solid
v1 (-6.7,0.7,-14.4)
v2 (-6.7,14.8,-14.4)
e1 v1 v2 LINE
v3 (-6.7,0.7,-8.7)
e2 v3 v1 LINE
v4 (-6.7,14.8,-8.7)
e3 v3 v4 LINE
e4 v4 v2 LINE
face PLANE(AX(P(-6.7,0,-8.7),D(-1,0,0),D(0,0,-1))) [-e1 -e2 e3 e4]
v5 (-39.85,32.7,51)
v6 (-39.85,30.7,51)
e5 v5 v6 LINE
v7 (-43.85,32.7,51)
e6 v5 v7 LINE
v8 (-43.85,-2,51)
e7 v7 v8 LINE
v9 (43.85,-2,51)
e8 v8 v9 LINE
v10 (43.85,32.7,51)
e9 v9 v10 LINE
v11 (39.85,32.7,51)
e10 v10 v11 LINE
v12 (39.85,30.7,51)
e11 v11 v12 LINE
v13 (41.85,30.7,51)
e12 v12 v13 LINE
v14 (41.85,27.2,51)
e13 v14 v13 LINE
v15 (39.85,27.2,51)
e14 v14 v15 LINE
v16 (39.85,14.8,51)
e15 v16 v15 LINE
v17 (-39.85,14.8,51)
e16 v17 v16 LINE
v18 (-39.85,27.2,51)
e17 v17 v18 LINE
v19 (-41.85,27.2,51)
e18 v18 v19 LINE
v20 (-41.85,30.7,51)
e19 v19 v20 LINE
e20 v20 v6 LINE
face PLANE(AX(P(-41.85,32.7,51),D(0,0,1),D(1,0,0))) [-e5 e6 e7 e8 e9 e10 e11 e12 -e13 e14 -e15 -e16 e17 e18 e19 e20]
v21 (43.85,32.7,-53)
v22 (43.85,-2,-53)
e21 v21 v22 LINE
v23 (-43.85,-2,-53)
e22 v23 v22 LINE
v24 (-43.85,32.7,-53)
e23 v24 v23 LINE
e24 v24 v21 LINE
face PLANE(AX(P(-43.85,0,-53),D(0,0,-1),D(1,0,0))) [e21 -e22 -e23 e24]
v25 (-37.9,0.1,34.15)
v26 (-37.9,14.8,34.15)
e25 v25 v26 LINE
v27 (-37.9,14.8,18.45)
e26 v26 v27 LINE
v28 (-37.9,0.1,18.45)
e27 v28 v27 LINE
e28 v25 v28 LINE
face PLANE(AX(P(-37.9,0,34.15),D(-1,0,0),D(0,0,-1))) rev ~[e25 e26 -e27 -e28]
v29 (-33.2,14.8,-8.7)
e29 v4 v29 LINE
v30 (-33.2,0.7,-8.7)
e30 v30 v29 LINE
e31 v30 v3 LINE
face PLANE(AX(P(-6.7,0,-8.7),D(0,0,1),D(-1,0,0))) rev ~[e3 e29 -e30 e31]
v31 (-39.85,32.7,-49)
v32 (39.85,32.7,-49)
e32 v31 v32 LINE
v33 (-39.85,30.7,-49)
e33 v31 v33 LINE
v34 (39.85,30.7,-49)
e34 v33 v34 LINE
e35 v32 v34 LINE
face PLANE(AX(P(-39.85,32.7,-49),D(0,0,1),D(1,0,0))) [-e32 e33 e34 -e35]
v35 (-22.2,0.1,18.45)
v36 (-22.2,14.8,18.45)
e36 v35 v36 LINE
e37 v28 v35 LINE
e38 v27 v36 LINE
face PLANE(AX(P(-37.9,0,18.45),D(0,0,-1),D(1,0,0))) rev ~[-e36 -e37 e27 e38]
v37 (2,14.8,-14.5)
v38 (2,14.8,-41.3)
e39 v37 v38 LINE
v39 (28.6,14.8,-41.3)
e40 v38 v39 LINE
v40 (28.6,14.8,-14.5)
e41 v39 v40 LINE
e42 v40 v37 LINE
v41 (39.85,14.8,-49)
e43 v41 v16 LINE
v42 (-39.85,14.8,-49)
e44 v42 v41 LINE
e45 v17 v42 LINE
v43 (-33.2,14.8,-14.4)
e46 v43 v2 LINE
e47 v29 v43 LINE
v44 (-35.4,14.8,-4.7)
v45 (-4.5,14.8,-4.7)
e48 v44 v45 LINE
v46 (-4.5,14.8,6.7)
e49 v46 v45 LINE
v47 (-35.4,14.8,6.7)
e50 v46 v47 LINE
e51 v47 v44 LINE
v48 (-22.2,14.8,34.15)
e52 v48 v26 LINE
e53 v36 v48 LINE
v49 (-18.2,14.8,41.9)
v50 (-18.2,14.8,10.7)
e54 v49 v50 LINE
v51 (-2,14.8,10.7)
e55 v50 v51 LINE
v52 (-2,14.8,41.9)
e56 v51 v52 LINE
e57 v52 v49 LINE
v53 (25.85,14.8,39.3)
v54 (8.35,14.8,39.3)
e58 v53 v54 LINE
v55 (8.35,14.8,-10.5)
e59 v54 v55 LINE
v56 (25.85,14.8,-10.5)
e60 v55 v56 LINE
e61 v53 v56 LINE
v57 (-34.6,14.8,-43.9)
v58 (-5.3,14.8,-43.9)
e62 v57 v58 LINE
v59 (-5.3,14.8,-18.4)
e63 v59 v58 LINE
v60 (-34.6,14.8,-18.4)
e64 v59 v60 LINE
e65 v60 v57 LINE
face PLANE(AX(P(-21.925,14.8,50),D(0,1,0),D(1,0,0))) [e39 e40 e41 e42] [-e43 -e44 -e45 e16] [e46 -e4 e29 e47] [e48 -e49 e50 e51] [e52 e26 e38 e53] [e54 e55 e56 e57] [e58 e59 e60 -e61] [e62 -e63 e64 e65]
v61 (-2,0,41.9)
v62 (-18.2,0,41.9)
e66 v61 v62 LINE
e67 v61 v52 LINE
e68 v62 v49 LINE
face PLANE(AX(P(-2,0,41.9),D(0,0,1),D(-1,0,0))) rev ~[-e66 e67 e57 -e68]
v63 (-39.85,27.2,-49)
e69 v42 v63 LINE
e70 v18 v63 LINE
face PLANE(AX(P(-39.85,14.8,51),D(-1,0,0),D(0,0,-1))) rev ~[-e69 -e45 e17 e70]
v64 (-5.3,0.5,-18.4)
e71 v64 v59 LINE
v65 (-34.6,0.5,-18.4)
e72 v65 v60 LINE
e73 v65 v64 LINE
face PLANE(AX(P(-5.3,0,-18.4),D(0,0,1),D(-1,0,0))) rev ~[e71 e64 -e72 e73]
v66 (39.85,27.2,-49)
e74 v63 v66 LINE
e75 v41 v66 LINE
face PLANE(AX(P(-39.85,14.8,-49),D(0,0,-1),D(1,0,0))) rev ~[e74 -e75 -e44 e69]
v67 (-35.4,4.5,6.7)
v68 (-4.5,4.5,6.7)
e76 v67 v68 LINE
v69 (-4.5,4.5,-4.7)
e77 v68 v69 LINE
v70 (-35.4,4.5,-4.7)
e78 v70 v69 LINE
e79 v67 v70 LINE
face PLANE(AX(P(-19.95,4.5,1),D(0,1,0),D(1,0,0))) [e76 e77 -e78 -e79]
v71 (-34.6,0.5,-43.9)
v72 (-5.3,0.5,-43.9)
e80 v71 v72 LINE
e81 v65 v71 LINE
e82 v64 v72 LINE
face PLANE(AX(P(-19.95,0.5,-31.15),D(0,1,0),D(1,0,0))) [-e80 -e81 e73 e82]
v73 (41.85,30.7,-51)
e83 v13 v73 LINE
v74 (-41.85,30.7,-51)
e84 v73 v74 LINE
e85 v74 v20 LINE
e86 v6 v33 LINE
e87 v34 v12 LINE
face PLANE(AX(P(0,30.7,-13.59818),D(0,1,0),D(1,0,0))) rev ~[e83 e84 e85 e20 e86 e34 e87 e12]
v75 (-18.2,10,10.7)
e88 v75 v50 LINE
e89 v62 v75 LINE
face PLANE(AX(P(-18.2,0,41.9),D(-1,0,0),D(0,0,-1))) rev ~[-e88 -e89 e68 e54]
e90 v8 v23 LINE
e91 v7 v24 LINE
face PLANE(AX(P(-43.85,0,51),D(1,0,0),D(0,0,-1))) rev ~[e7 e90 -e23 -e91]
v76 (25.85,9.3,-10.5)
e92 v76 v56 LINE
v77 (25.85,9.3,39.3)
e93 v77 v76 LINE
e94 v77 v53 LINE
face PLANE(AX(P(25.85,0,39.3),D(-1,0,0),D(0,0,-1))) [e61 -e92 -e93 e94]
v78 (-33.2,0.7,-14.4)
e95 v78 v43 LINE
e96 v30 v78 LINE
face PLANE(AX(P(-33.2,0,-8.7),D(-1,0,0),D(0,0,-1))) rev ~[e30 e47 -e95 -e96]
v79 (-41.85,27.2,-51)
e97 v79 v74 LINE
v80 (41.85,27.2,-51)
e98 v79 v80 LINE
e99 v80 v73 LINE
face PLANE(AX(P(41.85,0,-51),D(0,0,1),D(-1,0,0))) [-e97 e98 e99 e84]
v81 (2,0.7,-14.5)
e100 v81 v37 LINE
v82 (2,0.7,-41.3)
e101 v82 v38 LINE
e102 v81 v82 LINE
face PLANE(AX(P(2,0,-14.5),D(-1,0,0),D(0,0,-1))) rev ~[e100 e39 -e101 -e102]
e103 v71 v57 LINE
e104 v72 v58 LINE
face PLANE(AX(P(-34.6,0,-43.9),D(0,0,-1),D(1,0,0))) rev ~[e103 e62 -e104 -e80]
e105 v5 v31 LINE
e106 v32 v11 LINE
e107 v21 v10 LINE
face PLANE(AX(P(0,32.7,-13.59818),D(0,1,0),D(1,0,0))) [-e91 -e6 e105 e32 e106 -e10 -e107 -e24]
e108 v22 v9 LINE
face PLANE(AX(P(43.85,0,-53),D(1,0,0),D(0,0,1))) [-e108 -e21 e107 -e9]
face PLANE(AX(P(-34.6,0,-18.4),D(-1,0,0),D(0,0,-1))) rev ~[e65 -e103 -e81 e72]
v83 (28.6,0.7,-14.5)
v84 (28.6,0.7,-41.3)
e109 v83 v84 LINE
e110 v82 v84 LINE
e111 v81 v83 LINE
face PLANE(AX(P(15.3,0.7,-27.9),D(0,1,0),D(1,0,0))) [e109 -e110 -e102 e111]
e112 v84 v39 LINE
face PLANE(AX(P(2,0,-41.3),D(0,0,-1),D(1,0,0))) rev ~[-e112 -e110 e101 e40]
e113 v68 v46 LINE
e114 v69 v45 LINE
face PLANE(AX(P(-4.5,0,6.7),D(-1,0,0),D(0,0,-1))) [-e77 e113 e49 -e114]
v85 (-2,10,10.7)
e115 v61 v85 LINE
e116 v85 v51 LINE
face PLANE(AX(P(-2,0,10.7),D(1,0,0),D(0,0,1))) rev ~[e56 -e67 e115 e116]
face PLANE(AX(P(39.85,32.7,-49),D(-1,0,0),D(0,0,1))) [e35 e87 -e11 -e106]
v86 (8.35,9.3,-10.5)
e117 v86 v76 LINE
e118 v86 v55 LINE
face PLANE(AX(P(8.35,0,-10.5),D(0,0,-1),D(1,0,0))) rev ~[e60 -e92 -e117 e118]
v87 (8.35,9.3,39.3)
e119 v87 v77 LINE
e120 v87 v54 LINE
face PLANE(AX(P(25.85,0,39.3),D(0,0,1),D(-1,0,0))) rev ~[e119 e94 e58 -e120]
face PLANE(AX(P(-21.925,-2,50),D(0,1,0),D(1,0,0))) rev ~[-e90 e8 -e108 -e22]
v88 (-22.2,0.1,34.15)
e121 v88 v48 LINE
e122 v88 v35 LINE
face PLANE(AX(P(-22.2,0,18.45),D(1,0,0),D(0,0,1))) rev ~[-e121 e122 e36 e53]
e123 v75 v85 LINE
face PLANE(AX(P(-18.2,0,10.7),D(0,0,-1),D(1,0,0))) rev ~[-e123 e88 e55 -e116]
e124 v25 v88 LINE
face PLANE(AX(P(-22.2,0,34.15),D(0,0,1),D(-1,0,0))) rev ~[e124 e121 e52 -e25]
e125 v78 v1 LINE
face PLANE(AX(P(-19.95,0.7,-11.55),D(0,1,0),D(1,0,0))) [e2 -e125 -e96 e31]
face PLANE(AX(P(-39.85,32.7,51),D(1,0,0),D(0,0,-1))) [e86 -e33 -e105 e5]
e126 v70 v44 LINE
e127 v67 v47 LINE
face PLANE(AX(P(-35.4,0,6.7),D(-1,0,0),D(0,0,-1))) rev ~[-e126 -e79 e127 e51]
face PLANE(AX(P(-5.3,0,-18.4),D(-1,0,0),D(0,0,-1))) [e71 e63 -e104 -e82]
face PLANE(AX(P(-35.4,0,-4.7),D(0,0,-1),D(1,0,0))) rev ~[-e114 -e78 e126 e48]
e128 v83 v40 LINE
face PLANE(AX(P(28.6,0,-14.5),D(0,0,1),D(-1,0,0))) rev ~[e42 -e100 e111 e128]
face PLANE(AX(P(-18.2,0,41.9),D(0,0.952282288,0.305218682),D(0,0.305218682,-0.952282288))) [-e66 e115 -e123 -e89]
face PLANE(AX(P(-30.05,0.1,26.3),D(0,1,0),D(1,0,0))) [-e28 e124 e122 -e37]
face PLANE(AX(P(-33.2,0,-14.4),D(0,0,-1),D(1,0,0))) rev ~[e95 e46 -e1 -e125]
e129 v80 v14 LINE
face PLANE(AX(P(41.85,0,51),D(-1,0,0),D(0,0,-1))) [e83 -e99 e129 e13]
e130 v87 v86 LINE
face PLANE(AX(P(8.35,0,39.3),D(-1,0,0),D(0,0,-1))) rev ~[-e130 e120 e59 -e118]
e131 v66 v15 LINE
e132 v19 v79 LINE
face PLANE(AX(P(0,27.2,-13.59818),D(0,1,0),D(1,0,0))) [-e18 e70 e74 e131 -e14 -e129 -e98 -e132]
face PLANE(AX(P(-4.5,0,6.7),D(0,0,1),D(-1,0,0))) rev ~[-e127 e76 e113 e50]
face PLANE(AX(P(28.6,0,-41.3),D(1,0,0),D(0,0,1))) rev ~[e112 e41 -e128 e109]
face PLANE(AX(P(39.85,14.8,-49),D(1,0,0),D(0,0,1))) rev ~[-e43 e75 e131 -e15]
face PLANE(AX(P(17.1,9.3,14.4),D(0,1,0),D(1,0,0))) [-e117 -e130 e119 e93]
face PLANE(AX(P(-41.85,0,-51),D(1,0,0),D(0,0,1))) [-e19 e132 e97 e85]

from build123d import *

# Parameters (mm, degrees)
SKETCH1_W            = 26.5
SKETCH1_H            = 5.7
BOSS_EXTRUDE1_DEPTH  = 0.7
SKETCH1_3_W          = 30.9
SKETCH1_3_H          = 11.4
BOSS_EXTRUDE2_DEPTH  = 4.5
SKETCH1_4_W          = 29.3
SKETCH1_4_H          = 25.5
BOSS_EXTRUDE3_DEPTH  = 0.5
SKETCH1_5_W          = 15.7
SKETCH1_5_H          = 15.7
BOSS_EXTRUDE4_DEPTH  = 0.1
SKETCH1_7_W          = 17.5
SKETCH1_7_H          = 49.8
BOSS_EXTRUDE6_DEPTH  = 9.3
SKETCH1_8_W          = 26.6
SKETCH1_8_H          = 26.8
BOSS_EXTRUDE7_DEPTH  = 0.7
SKETCH1_10_W         = 83.7
SKETCH1_10_H         = 100
SKETCH1_10_W_2       = 29.3
SKETCH1_10_H_2       = 25.5
SKETCH1_10_W_3       = 26.5
SKETCH1_10_H_3       = 5.7
SKETCH1_10_W_4       = 30.9
SKETCH1_10_H_4       = 11.4
SKETCH1_10_W_5       = 16.2
SKETCH1_10_H_5       = 31.2
SKETCH1_10_W_6       = 15.7
SKETCH1_10_H_6       = 15.7
SKETCH1_10_W_7       = 26.6
SKETCH1_10_H_7       = 26.8
SKETCH1_10_W_8       = 17.5
SKETCH1_10_H_8       = 49.8
BOSS_EXTRUDE8_DEPTH  = 14.8
BOSS_EXTRUDE9_DEPTH  = 2
SKETCH1_12_W         = 83.7
SKETCH1_12_H         = 2
BOSS_EXTRUDE10_DEPTH = 2
BOSS_EXTRUDE11_DEPTH = 27.2
SKETCH1_14_W         = 83.7
SKETCH1_14_H         = 2
BOSS_EXTRUDE12_DEPTH = 14.8
BOSS_EXTRUDE13_DEPTH = 12.4
BOSS_EXTRUDE14_DEPTH = 32.7
BOSS_EXTRUDE15_DEPTH = 2
BOSS_EXTRUDE16_DEPTH = 16.2


with BuildPart() as part:
    # Sketch1 → Boss-Extrude1 (new body)
    with BuildSketch(Plane(origin=(0, 0, 0), x_dir=(1, 0, 0), z_dir=(0, 1, 0))):
        with Locations((-19.95, 11.55)):
            Rectangle(SKETCH1_W, SKETCH1_H)
    extrude(amount=BOSS_EXTRUDE1_DEPTH)



with BuildPart() as body_2:
    # Sketch1<3> → Boss-Extrude2 (new body)
    with BuildSketch(Plane(origin=(0, 0, 0), x_dir=(1, 0, 0), z_dir=(0, 1, 0))):
        with Locations((-19.95, -1)):
            Rectangle(SKETCH1_3_W, SKETCH1_3_H)
    extrude(amount=BOSS_EXTRUDE2_DEPTH)


with BuildPart() as body_3:
    # Sketch1<4> → Boss-Extrude3 (new body)
    with BuildSketch(Plane(origin=(0, 0, 0), x_dir=(1, 0, 0), z_dir=(0, 1, 0))):
        with Locations((-19.95, 31.15)):
            Rectangle(SKETCH1_4_W, SKETCH1_4_H)
    extrude(amount=BOSS_EXTRUDE3_DEPTH)


with BuildPart() as body_4:
    # Sketch1<5> → Boss-Extrude4 (new body)
    with BuildSketch(Plane(origin=(0, 0, 0), x_dir=(1, 0, 0), z_dir=(0, 1, 0))):
        with Locations((-30.05, -26.3)):
            Rectangle(SKETCH1_5_W, SKETCH1_5_H)
    extrude(amount=BOSS_EXTRUDE4_DEPTH)


with BuildPart() as body_5:
    # Sketch1<7> → Boss-Extrude6 (new body)
    with BuildSketch(Plane(origin=(0, 0, 0), x_dir=(1, 0, 0), z_dir=(0, 1, 0))):
        with Locations((17.1, -14.4)):
            Rectangle(SKETCH1_7_W, SKETCH1_7_H)
    extrude(amount=BOSS_EXTRUDE6_DEPTH)


with BuildPart() as body_6:
    # Sketch1<8> → Boss-Extrude7 (new body)
    with BuildSketch(Plane(origin=(0, 0, 0), x_dir=(1, 0, 0), z_dir=(0, 1, 0))):
        with Locations((15.3, 27.9)):
            Rectangle(SKETCH1_8_W, SKETCH1_8_H)
    extrude(amount=BOSS_EXTRUDE7_DEPTH)


with BuildPart() as part_1:
    add(part.part)

    add(body_2.part)  # Boss-Extrude8 merges body 2

    add(body_3.part)  # Boss-Extrude8 merges body 3

    add(body_4.part)  # Boss-Extrude8 merges body 4

    add(body_5.part)  # Boss-Extrude8 merges body 5

    add(body_6.part)  # Boss-Extrude8 merges body 6
    # Sketch1<10> → Boss-Extrude8 (add)
    with BuildSketch(Plane(origin=(0, 0, 0), x_dir=(1, 0, 0), z_dir=(0, 1, 0))):
        with Locations((0, 1)):
            Rectangle(SKETCH1_10_W, SKETCH1_10_H)
        with Locations((-19.95, 31.15)):
            Rectangle(SKETCH1_10_W_2, SKETCH1_10_H_2, mode=Mode.SUBTRACT)
        with Locations((-19.95, 11.55)):
            Rectangle(SKETCH1_10_W_3, SKETCH1_10_H_3, mode=Mode.SUBTRACT)
        with Locations((-19.95, -1)):
            Rectangle(SKETCH1_10_W_4, SKETCH1_10_H_4, mode=Mode.SUBTRACT)
        with Locations((-10.1, -26.3)):
            Rectangle(SKETCH1_10_W_5, SKETCH1_10_H_5, mode=Mode.SUBTRACT)
        with Locations((-30.05, -26.3)):
            Rectangle(SKETCH1_10_W_6, SKETCH1_10_H_6, mode=Mode.SUBTRACT)
        with Locations((15.3, 27.9)):
            Rectangle(SKETCH1_10_W_7, SKETCH1_10_H_7, mode=Mode.SUBTRACT)
        with Locations((17.1, -14.4)):
            Rectangle(SKETCH1_10_W_8, SKETCH1_10_H_8, mode=Mode.SUBTRACT)
    extrude(amount=BOSS_EXTRUDE8_DEPTH)

    # Sketch1<11> → Boss-Extrude9 (add)
    with BuildSketch(Plane(origin=(0, 0, 0), x_dir=(1, 0, 0), z_dir=(0, 1, 0))):
        Polygon((-43.85, -51), (-41.85, -51), (-41.85, -49), (41.85, -49), (41.85, -51), (43.85, -51), (43.85, 53), (-43.85, 53), align=None)
    extrude(amount=-BOSS_EXTRUDE9_DEPTH)

    # Sketch1<12> → Boss-Extrude10 (add)
    with BuildSketch(Plane(origin=(0, 0, 0), x_dir=(1, 0, 0), z_dir=(0, 1, 0))):
        with Locations((0, -50)):
            Rectangle(SKETCH1_12_W, SKETCH1_12_H)
    extrude(amount=-BOSS_EXTRUDE10_DEPTH)

    # Sketch1<13> → Boss-Extrude11 (add)
    with BuildSketch(Plane(origin=(0, 0, 0), x_dir=(1, 0, 0), z_dir=(0, 1, 0))):
        Polygon((-43.85, -51), (-41.85, -51), (-41.85, -49), (-41.85, 51), (-2, 51), (2, 51), (41.85, 51), (41.85, -49), (41.85, -51), (43.85, -51), (43.85, 53), (-43.85, 53), align=None)
    extrude(amount=BOSS_EXTRUDE11_DEPTH)

    # Sketch1<14> → Boss-Extrude12 (add)
    with BuildSketch(Plane(origin=(0, 0, 0), x_dir=(1, 0, 0), z_dir=(0, 1, 0))):
        with Locations((0, -50)):
            Rectangle(SKETCH1_14_W, SKETCH1_14_H)
    extrude(amount=BOSS_EXTRUDE12_DEPTH)

    # Sketch2 → Boss-Extrude13 (add)
    with BuildSketch(Plane(origin=(0, 14.8, 0), x_dir=(1, 0, 0), z_dir=(0, 1, 0))):
        Polygon((-39.85, -51), (-39.85, 49), (39.85, 49), (39.85, -51), (41.85, -51), (41.85, 51), (-41.85, 51), (-41.85, -51), align=None)
    extrude(amount=BOSS_EXTRUDE13_DEPTH)

    # Sketch1<15> → Boss-Extrude14 (add)
    with BuildSketch(Plane(origin=(0, 0, 0), x_dir=(1, 0, 0), z_dir=(0, 1, 0))):
        Polygon((-43.85, -51), (-41.85, -51), (-41.85, -49), (-41.85, 51), (-2, 51), (2, 51), (41.85, 51), (41.85, -49), (41.85, -51), (43.85, -51), (43.85, 53), (-43.85, 53), align=None)
    extrude(amount=BOSS_EXTRUDE14_DEPTH)

    # Sketch3 → Boss-Extrude15 (add)
    with BuildSketch(Plane(origin=(0, 32.7, 0), x_dir=(1, 0, 0), z_dir=(0, 1, 0))):
        Polygon((-41.85, -51), (-39.85, -51), (-39.85, 49), (39.85, 49), (39.85, -51), (41.85, -51), (41.85, 51), (-41.85, 51), align=None)
    extrude(amount=-BOSS_EXTRUDE15_DEPTH)

    # Sketch4 → Boss-Extrude16 (add)
    with BuildSketch(Plane(origin=(-18.2, 0, 0), x_dir=(0, 0, -1), z_dir=(1, 0, 0))):
        Polygon((-10.7, 10), (-10.7, 0), (-41.9, 0), align=None)
    extrude(amount=BOSS_EXTRUDE16_DEPTH)


solid = part_1.part
